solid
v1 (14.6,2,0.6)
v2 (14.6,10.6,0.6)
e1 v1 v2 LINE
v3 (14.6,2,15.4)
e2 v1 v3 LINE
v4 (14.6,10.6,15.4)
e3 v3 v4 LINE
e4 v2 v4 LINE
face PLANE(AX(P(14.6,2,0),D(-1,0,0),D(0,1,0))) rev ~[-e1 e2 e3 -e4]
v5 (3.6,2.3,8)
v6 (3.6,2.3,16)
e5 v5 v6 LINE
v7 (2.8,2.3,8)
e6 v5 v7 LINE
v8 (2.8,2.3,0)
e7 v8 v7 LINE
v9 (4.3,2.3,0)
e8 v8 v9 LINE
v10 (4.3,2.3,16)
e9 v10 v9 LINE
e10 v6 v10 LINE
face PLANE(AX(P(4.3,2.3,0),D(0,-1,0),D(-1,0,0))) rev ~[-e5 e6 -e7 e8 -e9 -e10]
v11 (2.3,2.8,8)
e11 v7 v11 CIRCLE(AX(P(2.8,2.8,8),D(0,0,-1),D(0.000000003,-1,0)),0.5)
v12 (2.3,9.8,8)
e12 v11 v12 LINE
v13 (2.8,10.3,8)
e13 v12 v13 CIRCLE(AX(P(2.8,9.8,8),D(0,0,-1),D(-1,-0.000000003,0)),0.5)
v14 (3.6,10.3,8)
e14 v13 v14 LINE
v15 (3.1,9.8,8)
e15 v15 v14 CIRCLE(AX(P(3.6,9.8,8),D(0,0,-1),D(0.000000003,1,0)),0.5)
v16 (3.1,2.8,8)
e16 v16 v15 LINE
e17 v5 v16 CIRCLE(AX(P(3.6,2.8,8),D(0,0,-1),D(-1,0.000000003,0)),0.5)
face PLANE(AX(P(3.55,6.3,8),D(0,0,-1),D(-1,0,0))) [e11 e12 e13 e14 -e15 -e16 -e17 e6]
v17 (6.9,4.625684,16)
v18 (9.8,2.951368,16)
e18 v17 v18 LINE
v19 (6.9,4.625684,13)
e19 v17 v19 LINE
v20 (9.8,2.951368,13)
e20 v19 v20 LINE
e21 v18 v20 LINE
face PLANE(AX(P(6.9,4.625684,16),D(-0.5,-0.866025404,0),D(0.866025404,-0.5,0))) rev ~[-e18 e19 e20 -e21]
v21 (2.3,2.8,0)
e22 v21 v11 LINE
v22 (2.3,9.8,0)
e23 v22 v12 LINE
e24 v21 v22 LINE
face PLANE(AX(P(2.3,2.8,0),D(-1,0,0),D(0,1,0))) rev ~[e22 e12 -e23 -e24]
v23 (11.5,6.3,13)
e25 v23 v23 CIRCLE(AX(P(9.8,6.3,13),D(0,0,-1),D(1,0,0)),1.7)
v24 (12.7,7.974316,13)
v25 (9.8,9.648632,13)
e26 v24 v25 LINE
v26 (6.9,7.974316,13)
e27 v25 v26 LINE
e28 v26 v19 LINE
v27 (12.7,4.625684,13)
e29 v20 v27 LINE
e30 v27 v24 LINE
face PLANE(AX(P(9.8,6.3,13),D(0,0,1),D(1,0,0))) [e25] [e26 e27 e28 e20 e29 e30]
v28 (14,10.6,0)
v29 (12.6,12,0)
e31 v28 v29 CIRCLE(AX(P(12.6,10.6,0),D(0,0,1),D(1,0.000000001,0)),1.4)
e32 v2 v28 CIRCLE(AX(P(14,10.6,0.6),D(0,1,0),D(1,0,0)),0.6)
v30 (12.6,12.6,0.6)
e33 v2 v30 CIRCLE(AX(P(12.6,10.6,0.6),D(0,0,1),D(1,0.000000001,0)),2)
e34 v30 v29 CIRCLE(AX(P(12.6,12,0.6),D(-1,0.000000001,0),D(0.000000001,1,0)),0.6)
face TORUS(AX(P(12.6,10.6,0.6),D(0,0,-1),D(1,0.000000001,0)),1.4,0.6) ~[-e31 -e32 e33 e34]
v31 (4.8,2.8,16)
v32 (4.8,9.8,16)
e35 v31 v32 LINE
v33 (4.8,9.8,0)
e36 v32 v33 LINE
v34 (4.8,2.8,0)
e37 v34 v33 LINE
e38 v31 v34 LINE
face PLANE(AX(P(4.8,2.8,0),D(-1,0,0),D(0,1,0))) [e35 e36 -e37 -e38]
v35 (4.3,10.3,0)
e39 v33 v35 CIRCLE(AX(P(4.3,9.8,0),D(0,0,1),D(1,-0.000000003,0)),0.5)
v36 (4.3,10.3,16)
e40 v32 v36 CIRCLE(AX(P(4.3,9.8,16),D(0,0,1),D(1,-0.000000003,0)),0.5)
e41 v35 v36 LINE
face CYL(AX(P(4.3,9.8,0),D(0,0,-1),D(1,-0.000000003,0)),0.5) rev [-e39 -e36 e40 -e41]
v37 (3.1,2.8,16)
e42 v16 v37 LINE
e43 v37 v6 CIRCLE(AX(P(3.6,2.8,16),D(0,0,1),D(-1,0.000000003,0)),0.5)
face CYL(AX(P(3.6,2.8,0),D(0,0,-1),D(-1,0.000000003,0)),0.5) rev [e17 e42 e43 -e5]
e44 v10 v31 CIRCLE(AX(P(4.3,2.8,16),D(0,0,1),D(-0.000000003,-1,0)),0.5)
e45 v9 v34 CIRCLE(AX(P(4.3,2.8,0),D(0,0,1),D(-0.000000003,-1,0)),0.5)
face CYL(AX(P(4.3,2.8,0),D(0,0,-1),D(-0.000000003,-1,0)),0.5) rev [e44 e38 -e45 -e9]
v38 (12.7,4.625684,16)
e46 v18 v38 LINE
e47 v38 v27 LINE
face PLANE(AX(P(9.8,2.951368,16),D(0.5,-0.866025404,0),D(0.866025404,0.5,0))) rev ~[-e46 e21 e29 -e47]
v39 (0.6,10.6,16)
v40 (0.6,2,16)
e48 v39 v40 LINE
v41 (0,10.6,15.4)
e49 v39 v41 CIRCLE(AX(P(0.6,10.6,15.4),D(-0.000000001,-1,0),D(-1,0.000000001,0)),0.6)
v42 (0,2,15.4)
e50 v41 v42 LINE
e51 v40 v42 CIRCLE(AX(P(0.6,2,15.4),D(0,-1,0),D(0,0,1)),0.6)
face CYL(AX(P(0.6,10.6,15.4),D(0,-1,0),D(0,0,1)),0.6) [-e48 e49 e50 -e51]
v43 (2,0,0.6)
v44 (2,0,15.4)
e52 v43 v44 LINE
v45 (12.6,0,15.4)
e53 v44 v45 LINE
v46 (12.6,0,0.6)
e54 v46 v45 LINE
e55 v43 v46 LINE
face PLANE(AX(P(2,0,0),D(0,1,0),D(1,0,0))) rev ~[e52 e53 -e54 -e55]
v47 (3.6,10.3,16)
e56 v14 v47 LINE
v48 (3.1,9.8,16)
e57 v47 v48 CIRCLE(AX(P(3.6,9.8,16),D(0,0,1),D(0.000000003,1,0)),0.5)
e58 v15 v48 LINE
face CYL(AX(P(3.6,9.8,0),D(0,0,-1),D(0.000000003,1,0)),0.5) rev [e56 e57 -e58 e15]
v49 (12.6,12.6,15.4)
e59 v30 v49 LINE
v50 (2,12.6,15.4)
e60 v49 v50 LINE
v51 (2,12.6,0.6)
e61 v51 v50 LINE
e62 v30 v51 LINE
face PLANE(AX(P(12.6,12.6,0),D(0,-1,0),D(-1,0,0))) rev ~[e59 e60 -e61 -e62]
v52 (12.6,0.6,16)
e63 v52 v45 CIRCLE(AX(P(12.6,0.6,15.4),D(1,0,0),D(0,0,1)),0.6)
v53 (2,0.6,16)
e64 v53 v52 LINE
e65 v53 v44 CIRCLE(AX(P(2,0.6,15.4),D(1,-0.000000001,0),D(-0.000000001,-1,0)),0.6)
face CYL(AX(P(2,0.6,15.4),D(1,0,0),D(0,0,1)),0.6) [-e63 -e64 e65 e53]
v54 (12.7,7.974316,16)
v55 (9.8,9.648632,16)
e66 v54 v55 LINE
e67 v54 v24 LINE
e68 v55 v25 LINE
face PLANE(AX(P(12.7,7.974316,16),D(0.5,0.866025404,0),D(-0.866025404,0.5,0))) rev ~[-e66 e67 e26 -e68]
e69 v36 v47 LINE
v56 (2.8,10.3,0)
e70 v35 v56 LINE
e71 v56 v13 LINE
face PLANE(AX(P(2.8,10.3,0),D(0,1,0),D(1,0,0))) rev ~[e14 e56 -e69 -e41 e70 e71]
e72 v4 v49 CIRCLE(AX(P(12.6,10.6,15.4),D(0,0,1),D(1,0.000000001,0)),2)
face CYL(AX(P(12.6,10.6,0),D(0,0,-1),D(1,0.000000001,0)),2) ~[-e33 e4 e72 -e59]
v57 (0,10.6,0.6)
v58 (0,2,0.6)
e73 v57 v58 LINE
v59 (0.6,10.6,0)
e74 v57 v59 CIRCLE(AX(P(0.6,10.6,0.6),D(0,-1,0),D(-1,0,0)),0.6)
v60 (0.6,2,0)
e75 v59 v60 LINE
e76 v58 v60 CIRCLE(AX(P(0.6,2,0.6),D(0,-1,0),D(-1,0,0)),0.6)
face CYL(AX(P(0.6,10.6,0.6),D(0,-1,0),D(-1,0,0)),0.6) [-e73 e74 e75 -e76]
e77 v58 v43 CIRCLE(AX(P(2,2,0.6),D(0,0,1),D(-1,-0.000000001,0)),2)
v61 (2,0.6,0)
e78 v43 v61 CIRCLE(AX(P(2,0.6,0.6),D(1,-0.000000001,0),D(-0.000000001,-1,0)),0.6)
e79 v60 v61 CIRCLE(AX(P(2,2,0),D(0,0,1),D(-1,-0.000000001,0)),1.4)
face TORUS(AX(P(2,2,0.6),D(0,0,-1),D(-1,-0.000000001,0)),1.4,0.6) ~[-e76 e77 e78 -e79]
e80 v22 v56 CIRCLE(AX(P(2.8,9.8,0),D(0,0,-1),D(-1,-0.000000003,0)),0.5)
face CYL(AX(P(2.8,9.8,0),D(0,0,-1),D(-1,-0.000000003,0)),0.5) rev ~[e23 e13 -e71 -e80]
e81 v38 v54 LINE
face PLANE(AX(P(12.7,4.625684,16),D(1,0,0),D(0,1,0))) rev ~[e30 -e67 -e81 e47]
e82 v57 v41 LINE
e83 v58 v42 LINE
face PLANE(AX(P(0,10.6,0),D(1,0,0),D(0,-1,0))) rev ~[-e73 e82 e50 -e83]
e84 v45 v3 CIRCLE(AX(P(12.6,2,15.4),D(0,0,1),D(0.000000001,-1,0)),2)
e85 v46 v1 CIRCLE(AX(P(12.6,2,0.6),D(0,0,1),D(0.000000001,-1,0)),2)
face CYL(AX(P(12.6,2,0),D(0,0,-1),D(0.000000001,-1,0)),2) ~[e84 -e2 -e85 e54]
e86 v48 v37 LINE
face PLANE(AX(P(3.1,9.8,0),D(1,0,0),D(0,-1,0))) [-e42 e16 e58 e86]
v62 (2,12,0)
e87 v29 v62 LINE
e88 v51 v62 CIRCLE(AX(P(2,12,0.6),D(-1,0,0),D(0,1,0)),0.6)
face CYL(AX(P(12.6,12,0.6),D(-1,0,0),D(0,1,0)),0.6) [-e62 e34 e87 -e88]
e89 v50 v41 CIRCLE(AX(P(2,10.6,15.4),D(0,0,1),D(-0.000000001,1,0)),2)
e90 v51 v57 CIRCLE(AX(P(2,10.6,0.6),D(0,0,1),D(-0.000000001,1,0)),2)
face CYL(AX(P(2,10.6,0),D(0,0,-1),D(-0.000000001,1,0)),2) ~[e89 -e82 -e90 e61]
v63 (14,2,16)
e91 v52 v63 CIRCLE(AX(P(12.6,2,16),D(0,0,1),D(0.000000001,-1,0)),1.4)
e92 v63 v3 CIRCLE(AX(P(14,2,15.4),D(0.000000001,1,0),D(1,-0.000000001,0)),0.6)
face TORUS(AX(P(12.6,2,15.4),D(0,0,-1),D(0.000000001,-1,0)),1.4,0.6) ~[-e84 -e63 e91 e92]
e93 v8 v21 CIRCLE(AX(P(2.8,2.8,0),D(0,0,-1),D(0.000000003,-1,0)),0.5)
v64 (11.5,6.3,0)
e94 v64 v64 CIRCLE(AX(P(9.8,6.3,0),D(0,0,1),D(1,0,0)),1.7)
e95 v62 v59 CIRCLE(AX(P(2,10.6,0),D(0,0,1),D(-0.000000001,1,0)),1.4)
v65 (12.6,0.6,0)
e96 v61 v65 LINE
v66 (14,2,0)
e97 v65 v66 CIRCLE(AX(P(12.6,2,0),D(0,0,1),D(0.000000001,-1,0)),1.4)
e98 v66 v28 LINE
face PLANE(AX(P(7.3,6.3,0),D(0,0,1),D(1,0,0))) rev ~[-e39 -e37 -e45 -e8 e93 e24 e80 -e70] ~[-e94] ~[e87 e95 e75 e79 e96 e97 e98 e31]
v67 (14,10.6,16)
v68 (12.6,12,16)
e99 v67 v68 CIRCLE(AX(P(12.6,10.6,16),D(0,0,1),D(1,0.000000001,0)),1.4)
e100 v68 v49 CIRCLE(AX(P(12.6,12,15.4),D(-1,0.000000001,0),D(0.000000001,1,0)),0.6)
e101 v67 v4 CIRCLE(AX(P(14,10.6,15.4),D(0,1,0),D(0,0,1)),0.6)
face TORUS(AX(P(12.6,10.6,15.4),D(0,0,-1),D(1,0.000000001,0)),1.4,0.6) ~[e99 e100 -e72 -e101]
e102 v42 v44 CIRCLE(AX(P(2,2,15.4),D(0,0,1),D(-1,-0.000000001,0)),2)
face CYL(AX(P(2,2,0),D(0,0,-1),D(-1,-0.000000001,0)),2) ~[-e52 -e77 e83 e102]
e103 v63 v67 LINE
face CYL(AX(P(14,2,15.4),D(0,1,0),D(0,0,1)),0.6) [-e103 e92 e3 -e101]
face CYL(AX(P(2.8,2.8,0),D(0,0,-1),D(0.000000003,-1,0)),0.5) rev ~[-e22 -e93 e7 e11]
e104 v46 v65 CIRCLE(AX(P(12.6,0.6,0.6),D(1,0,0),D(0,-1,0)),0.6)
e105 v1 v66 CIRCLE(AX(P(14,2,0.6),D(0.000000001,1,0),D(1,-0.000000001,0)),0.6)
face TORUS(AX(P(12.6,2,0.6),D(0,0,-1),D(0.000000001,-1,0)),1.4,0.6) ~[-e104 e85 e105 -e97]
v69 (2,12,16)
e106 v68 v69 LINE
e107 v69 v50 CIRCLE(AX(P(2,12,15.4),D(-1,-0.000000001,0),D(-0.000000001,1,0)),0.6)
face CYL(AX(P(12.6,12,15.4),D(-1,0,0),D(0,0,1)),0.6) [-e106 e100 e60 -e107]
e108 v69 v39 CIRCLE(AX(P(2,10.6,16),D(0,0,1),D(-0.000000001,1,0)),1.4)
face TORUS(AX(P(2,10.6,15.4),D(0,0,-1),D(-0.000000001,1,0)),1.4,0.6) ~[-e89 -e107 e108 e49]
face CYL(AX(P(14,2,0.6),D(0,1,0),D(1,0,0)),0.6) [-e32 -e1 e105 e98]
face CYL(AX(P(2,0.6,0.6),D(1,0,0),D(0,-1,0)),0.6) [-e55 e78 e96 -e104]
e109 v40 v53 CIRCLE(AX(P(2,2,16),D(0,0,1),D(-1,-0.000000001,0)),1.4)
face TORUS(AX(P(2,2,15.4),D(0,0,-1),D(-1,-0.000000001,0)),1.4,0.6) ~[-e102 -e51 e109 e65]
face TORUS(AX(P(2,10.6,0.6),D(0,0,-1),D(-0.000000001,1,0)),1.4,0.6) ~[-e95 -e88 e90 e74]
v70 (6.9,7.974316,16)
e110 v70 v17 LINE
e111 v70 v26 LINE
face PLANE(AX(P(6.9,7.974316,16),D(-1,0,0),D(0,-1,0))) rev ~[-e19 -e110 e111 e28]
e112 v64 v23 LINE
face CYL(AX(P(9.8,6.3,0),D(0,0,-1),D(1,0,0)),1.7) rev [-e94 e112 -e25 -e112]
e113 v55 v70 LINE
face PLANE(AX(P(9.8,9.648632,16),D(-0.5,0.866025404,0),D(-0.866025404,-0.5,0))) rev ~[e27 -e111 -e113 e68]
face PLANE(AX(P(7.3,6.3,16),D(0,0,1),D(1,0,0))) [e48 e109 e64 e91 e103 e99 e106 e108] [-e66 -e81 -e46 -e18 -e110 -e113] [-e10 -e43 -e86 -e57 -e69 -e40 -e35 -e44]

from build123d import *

# Parameters (mm, degrees)
SKETCH1_R           = 1.7
BOSS_EXTRUDE1_DEPTH = 16
CUT_EXTRUDE1_DEPTH  = 3
CUT_EXTRUDE2_DEPTH  = 8
FILLET1_R           = 0.6


with BuildPart() as part:
    # Sketch1 → Boss-Extrude1 (new body)
    with BuildSketch(Plane.XY):
        with BuildLine():
            Line((2, 0), (12.6, 0))
            ThreePointArc((12.6, 0), (14.014213562, 0.585786438), (14.6, 2))
            Line((14.6, 2), (14.6, 10.6))
            ThreePointArc((14.6, 10.6), (14.014213562, 12.014213562), (12.6, 12.6))
            Line((12.6, 12.6), (2, 12.6))
            ThreePointArc((2, 12.6), (0.585786438, 12.014213562), (0, 10.6))
            Line((0, 10.6), (0, 2))
            ThreePointArc((0, 2), (0.585786438, 0.585786438), (2, 0))
        make_face()
        with Locations((9.8, 6.3)):
            Circle(SKETCH1_R, mode=Mode.SUBTRACT)
        with BuildLine():
            Line((3.1, 9.8), (3.1, 2.8))
            ThreePointArc((3.1, 2.8), (3.246446609, 2.446446609), (3.6, 2.3))
            Line((3.6, 2.3), (4.3, 2.3))
            ThreePointArc((4.3, 2.3), (4.653553391, 2.446446609), (4.8, 2.8))
            Line((4.8, 2.8), (4.8, 9.8))
            ThreePointArc((4.8, 9.8), (4.653553391, 10.153553391), (4.3, 10.3))
            Line((4.3, 10.3), (3.6, 10.3))
            ThreePointArc((3.6, 10.3), (3.246446609, 10.153553391), (3.1, 9.8))
        make_face(mode=Mode.SUBTRACT)
    extrude(amount=BOSS_EXTRUDE1_DEPTH)

    # Sketch2 → Cut-Extrude1 (cut)
    with BuildSketch(Plane.XY.offset(16)):
        Polygon((9.8, 9.648631561), (6.9, 7.974315781), (6.9, 4.625684219), (9.8, 2.951368439), (12.7, 4.625684219), (12.7, 7.974315781), align=None)
    extrude(amount=-CUT_EXTRUDE1_DEPTH, mode=Mode.SUBTRACT)

    # Sketch3 → Cut-Extrude2 (cut)
    with BuildSketch(Plane(origin=(0, 0, 0), x_dir=(-1, 0, 0), z_dir=(0, 0, -1))):
        with BuildLine():
            Line((-4.8, 9.8), (-4.8, 2.8))
            ThreePointArc((-4.8, 2.8), (-4.653553391, 2.446446609), (-4.3, 2.3))
            Line((-4.3, 2.3), (-2.8, 2.3))
            ThreePointArc((-2.8, 2.3), (-2.446446609, 2.446446609), (-2.3, 2.8))
            Line((-2.3, 2.8), (-2.3, 9.8))
            ThreePointArc((-2.3, 9.8), (-2.446446609, 10.153553391), (-2.8, 10.3))
            Line((-2.8, 10.3), (-4.3, 10.3))
            ThreePointArc((-4.3, 10.3), (-4.653553391, 10.153553391), (-4.8, 9.8))
        make_face()
    extrude(amount=-CUT_EXTRUDE2_DEPTH, mode=Mode.SUBTRACT)

    # Fillet1
    fillet1_edges = [part.edges().sort_by_distance(p)[0] for p in [
        (0, 6.3, 0),
        (0.585786438, 12.014213562, 0),
        (7.3, 12.6, 0),
        (14.014213562, 12.014213562, 0),
        (0.585786438, 12.014213562, 16),
        (0, 6.3, 16),
        (0.585786438, 0.585786438, 16),
        (7.3, 0, 16),
        (14.014213562, 0.585786438, 16),
        (14.6, 6.3, 16),
        (14.014213562, 12.014213562, 16),
        (14.6, 6.3, 0),
        (7.3, 12.6, 16),
        (14.014213562, 0.585786438, 0),
        (7.3, 0, 0),
        (0.585786438, 0.585786438, 0),
    ]]
    fillet(fillet1_edges, radius=FILLET1_R)


solid = part.part
